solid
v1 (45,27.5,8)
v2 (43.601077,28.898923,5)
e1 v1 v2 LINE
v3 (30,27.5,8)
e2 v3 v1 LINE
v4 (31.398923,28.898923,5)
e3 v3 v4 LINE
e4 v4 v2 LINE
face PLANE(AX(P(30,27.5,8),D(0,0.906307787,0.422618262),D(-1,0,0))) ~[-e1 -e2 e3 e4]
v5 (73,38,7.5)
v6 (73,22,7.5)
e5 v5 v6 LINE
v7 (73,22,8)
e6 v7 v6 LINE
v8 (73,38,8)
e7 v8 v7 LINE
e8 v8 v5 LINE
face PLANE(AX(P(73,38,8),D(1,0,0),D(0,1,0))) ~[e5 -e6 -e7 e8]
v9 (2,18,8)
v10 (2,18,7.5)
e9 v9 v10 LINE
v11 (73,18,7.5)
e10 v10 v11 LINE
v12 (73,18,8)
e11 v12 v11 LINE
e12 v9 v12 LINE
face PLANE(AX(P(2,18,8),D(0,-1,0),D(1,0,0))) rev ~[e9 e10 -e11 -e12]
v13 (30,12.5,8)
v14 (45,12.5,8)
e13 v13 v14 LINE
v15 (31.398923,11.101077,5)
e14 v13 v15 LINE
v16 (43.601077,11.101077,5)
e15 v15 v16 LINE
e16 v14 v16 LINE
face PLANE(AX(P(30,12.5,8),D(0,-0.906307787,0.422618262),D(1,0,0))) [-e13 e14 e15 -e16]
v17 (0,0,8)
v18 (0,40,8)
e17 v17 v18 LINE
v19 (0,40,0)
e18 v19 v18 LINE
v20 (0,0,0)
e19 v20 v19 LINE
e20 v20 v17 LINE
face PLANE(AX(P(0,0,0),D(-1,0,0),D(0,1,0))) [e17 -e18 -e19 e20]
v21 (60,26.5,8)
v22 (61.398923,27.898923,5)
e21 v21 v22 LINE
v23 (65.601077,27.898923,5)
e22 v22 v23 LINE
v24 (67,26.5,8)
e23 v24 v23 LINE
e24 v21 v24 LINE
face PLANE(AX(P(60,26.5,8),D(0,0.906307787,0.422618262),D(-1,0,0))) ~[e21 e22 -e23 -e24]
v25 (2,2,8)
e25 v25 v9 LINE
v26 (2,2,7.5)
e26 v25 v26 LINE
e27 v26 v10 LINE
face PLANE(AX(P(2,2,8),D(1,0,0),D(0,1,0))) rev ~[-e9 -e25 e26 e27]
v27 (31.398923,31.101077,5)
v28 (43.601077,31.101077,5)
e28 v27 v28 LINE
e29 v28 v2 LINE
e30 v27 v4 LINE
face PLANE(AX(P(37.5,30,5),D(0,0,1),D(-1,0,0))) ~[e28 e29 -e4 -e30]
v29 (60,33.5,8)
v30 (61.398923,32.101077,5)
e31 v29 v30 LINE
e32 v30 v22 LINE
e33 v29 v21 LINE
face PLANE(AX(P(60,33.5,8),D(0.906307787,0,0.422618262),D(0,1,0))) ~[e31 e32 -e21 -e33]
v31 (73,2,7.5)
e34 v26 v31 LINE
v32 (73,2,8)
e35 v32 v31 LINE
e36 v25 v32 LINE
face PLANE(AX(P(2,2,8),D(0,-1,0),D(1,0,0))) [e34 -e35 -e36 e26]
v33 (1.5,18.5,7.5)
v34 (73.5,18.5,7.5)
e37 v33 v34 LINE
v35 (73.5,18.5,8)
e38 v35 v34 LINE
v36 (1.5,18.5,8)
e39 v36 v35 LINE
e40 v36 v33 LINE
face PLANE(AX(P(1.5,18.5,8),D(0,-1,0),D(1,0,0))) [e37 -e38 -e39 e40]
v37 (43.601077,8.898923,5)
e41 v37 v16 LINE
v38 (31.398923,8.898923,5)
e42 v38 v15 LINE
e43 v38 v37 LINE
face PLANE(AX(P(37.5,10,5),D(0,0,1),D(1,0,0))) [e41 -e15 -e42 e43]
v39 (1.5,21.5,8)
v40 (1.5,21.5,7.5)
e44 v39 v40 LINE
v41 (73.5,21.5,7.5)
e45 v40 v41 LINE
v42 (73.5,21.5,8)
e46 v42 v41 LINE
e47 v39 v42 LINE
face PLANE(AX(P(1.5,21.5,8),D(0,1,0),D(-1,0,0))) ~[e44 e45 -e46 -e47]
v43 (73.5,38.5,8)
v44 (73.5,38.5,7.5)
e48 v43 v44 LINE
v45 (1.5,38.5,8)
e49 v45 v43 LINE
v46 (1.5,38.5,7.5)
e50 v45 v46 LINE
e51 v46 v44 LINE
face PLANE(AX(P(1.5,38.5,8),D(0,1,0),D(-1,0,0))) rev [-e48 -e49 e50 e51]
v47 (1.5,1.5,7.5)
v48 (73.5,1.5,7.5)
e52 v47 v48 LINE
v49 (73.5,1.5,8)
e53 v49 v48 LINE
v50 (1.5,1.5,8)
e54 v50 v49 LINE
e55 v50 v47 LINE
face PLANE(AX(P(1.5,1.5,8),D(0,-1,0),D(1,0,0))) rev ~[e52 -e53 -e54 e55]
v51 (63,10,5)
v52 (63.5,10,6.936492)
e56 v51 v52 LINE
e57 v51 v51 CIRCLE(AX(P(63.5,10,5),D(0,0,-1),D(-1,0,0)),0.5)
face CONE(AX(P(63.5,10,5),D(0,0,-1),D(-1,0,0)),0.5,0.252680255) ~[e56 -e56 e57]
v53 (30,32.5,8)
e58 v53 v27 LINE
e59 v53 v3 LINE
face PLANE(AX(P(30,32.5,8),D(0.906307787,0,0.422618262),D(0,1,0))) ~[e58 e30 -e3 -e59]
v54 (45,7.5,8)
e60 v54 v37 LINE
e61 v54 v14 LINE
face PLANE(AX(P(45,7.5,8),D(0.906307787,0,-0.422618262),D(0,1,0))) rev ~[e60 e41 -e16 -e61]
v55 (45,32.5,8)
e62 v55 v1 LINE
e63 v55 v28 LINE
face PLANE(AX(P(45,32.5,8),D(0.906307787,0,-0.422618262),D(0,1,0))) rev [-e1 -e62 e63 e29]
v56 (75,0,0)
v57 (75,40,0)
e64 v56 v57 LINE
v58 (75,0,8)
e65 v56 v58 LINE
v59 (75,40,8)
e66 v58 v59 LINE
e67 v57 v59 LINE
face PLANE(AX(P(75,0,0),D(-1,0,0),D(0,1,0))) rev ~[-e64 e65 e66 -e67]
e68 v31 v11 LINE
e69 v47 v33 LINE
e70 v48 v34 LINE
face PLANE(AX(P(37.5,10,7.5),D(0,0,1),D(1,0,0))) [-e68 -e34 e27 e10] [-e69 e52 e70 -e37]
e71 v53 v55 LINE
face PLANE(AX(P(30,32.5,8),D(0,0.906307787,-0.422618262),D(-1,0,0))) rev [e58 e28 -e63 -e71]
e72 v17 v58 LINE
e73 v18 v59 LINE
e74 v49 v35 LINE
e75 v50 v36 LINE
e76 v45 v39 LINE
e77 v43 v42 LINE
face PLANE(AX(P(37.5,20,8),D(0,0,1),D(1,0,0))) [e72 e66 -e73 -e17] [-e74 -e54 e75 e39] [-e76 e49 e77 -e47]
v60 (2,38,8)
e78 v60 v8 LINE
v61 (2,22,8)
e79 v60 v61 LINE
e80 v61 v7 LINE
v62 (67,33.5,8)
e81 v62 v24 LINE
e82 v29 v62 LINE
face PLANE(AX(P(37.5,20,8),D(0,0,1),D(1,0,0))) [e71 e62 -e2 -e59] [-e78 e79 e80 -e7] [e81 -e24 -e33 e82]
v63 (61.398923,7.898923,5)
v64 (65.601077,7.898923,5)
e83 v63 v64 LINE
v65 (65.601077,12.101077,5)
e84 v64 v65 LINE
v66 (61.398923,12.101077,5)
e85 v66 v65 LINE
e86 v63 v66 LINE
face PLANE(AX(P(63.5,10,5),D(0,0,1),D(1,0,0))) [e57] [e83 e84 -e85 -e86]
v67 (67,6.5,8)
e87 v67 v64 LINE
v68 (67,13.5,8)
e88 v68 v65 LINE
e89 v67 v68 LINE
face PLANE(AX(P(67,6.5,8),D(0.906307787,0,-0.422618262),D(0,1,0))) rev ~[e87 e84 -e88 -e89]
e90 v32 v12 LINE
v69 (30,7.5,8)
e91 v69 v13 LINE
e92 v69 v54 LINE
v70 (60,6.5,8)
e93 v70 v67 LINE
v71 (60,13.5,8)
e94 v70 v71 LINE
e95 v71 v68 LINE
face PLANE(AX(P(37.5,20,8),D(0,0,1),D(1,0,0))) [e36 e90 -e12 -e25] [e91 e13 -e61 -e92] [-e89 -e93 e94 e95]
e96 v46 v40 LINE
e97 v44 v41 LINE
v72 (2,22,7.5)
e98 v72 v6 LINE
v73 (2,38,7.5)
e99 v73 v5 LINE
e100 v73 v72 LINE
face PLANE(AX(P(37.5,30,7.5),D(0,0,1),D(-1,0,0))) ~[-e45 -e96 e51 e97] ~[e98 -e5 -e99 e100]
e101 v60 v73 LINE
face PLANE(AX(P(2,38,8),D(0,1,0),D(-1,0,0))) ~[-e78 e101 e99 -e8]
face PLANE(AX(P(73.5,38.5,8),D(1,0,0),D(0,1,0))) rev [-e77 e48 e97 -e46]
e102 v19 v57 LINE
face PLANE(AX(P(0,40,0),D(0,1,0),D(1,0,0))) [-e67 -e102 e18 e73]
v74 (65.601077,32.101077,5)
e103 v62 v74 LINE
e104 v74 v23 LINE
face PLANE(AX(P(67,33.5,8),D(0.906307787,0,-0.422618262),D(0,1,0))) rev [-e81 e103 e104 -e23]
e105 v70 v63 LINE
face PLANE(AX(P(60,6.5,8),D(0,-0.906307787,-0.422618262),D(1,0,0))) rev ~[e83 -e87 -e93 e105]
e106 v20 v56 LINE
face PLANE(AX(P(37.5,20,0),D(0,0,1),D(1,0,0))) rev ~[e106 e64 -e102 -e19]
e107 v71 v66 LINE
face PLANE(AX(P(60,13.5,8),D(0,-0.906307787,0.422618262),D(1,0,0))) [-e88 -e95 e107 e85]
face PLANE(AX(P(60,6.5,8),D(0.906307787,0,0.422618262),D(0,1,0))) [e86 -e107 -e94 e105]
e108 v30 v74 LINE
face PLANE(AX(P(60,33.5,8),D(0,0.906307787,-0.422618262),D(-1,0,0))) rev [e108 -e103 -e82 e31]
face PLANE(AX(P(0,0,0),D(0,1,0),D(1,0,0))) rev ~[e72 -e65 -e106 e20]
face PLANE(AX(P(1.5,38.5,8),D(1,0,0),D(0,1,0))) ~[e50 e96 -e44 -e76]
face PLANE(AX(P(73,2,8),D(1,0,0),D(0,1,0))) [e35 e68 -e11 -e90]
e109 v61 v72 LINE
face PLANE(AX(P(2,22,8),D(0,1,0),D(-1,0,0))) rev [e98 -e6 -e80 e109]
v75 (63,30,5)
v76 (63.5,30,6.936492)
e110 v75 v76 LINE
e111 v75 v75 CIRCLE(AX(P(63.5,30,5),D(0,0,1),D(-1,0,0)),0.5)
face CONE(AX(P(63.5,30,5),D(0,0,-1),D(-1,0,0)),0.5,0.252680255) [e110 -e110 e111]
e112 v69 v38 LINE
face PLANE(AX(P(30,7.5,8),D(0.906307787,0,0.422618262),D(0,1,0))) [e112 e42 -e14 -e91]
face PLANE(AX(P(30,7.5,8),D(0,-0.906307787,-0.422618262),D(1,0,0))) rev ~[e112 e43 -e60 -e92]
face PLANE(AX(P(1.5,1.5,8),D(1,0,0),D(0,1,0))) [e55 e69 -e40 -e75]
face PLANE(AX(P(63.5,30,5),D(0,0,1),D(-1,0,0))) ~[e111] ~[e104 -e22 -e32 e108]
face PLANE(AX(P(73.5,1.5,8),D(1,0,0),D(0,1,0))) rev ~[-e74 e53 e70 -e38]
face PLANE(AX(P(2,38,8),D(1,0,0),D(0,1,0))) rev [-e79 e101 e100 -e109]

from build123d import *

# Parameters (mm, degrees)
SKETCH1_W                 = 75
SKETCH1_H                 = 40
BOSS_EXTRUDE1_DEPTH       = 8
SKETCH2_W                 = 72
SKETCH2_H                 = 17
SKETCH2_W_2               = 71
SKETCH2_H_2               = 16
CUT_EXTRUDE1_DEPTH        = 0.5
SKETCH3_W                 = 15
SKETCH3_H                 = 5
SKETCH3_W_2               = 7
SKETCH3_H_2               = 7
CUT_EXTRUDE3_DEPTH        = 3
DRAFT4_ANGLE              = 25
DRAFT5_ANGLE              = 25
DRAFT4_OF_MIRROR1_2_ANGLE = 25
DRAFT5_OF_MIRROR1_2_ANGLE = 25


with BuildPart() as part:
    # Sketch1 → Boss-Extrude1 (new body)
    with BuildSketch(Plane.XY):
        with Locations((37.5, 20)):
            Rectangle(SKETCH1_W, SKETCH1_H)
    extrude(amount=BOSS_EXTRUDE1_DEPTH)

    # Sketch2 → Cut-Extrude1 (cut)
    with BuildSketch(Plane.XY.offset(8)):
        with Locations((37.5, 10)):
            Rectangle(SKETCH2_W, SKETCH2_H)
        with Locations((37.5, 10)):
            Rectangle(SKETCH2_W_2, SKETCH2_H_2, mode=Mode.SUBTRACT)
    cut_extrude1 = extrude(amount=-CUT_EXTRUDE1_DEPTH, mode=Mode.SUBTRACT)

    # Sketch3 → Cut-Extrude3 (cut)
    with BuildSketch(Plane.XY.offset(8)):
        with Locations((37.5, 10)):
            Rectangle(SKETCH3_W, SKETCH3_H)
        with Locations((63.5, 10)):
            Rectangle(SKETCH3_W_2, SKETCH3_H_2)
    cut_extrude3 = extrude(amount=-CUT_EXTRUDE3_DEPTH, mode=Mode.SUBTRACT)

    # Draft4
    draft4_faces = [part.faces().sort_by_distance(p)[0] for p in [
        (45, 10, 6.5),
        (37.5, 7.5, 6.5),
        (30, 10, 6.5),
        (37.5, 12.5, 6.5),
    ]]
    draft(draft4_faces, Plane.XY.offset(8), DRAFT4_ANGLE)

    # Draft5
    draft5_faces = [part.faces().sort_by_distance(p)[0] for p in [
        (67, 10, 6.5),
        (63.5, 6.5, 6.5),
        (60, 10, 6.5),
        (63.5, 13.5, 6.5),
    ]]
    draft(draft5_faces, Plane.XY.offset(8), DRAFT5_ANGLE)

    # Sketch7 → Revolve2 (revolve)
    with BuildSketch(Plane(origin=(63.5, 0, 0), x_dir=(0, 0, -1), z_dir=(1, 0, 0)), mode=Mode.PRIVATE) as revolve2_sk:
        Polygon((-5, 10), (-5, 9.5), (-6.936491673, 10), align=None)
    revolve2 = revolve(revolve2_sk.sketch.rotate(Axis((63.5, 10, 6.936491673), (0, 0, -1)), 90), axis=Axis((63.5, 10, 6.936491673), (0, 0, -1)))

    # Mirror1: Cut-Extrude1, Cut-Extrude3, Revolve2 across plane
    add(cut_extrude1.mirror(Plane.ZX.offset(20)), mode=Mode.SUBTRACT)
    add(cut_extrude3.mirror(Plane.ZX.offset(20)), mode=Mode.SUBTRACT)
    add(revolve2.mirror(Plane.ZX.offset(20)))

    # Draft4 of Mirror1 2
    draft4_of_mirror1_2_faces = [part.faces().sort_by_distance(p)[0] for p in [
        (45, 30, 6.5),
        (37.5, 32.5, 6.5),
        (30, 30, 6.5),
        (37.5, 27.5, 6.5),
    ]]
    draft(draft4_of_mirror1_2_faces, Plane(origin=(0, 40, 8), x_dir=(1, 0, 0), z_dir=(0, 0, 1)), DRAFT4_OF_MIRROR1_2_ANGLE)

    # Draft5 of Mirror1 2
    draft5_of_mirror1_2_faces = [part.faces().sort_by_distance(p)[0] for p in [
        (67, 30, 6.5),
        (63.5, 33.5, 6.5),
        (60, 30, 6.5),
        (63.5, 26.5, 6.5),
    ]]
    draft(draft5_of_mirror1_2_faces, Plane(origin=(0, 40, 8), x_dir=(1, 0, 0), z_dir=(0, 0, 1)), DRAFT5_OF_MIRROR1_2_ANGLE)


solid = part.part
